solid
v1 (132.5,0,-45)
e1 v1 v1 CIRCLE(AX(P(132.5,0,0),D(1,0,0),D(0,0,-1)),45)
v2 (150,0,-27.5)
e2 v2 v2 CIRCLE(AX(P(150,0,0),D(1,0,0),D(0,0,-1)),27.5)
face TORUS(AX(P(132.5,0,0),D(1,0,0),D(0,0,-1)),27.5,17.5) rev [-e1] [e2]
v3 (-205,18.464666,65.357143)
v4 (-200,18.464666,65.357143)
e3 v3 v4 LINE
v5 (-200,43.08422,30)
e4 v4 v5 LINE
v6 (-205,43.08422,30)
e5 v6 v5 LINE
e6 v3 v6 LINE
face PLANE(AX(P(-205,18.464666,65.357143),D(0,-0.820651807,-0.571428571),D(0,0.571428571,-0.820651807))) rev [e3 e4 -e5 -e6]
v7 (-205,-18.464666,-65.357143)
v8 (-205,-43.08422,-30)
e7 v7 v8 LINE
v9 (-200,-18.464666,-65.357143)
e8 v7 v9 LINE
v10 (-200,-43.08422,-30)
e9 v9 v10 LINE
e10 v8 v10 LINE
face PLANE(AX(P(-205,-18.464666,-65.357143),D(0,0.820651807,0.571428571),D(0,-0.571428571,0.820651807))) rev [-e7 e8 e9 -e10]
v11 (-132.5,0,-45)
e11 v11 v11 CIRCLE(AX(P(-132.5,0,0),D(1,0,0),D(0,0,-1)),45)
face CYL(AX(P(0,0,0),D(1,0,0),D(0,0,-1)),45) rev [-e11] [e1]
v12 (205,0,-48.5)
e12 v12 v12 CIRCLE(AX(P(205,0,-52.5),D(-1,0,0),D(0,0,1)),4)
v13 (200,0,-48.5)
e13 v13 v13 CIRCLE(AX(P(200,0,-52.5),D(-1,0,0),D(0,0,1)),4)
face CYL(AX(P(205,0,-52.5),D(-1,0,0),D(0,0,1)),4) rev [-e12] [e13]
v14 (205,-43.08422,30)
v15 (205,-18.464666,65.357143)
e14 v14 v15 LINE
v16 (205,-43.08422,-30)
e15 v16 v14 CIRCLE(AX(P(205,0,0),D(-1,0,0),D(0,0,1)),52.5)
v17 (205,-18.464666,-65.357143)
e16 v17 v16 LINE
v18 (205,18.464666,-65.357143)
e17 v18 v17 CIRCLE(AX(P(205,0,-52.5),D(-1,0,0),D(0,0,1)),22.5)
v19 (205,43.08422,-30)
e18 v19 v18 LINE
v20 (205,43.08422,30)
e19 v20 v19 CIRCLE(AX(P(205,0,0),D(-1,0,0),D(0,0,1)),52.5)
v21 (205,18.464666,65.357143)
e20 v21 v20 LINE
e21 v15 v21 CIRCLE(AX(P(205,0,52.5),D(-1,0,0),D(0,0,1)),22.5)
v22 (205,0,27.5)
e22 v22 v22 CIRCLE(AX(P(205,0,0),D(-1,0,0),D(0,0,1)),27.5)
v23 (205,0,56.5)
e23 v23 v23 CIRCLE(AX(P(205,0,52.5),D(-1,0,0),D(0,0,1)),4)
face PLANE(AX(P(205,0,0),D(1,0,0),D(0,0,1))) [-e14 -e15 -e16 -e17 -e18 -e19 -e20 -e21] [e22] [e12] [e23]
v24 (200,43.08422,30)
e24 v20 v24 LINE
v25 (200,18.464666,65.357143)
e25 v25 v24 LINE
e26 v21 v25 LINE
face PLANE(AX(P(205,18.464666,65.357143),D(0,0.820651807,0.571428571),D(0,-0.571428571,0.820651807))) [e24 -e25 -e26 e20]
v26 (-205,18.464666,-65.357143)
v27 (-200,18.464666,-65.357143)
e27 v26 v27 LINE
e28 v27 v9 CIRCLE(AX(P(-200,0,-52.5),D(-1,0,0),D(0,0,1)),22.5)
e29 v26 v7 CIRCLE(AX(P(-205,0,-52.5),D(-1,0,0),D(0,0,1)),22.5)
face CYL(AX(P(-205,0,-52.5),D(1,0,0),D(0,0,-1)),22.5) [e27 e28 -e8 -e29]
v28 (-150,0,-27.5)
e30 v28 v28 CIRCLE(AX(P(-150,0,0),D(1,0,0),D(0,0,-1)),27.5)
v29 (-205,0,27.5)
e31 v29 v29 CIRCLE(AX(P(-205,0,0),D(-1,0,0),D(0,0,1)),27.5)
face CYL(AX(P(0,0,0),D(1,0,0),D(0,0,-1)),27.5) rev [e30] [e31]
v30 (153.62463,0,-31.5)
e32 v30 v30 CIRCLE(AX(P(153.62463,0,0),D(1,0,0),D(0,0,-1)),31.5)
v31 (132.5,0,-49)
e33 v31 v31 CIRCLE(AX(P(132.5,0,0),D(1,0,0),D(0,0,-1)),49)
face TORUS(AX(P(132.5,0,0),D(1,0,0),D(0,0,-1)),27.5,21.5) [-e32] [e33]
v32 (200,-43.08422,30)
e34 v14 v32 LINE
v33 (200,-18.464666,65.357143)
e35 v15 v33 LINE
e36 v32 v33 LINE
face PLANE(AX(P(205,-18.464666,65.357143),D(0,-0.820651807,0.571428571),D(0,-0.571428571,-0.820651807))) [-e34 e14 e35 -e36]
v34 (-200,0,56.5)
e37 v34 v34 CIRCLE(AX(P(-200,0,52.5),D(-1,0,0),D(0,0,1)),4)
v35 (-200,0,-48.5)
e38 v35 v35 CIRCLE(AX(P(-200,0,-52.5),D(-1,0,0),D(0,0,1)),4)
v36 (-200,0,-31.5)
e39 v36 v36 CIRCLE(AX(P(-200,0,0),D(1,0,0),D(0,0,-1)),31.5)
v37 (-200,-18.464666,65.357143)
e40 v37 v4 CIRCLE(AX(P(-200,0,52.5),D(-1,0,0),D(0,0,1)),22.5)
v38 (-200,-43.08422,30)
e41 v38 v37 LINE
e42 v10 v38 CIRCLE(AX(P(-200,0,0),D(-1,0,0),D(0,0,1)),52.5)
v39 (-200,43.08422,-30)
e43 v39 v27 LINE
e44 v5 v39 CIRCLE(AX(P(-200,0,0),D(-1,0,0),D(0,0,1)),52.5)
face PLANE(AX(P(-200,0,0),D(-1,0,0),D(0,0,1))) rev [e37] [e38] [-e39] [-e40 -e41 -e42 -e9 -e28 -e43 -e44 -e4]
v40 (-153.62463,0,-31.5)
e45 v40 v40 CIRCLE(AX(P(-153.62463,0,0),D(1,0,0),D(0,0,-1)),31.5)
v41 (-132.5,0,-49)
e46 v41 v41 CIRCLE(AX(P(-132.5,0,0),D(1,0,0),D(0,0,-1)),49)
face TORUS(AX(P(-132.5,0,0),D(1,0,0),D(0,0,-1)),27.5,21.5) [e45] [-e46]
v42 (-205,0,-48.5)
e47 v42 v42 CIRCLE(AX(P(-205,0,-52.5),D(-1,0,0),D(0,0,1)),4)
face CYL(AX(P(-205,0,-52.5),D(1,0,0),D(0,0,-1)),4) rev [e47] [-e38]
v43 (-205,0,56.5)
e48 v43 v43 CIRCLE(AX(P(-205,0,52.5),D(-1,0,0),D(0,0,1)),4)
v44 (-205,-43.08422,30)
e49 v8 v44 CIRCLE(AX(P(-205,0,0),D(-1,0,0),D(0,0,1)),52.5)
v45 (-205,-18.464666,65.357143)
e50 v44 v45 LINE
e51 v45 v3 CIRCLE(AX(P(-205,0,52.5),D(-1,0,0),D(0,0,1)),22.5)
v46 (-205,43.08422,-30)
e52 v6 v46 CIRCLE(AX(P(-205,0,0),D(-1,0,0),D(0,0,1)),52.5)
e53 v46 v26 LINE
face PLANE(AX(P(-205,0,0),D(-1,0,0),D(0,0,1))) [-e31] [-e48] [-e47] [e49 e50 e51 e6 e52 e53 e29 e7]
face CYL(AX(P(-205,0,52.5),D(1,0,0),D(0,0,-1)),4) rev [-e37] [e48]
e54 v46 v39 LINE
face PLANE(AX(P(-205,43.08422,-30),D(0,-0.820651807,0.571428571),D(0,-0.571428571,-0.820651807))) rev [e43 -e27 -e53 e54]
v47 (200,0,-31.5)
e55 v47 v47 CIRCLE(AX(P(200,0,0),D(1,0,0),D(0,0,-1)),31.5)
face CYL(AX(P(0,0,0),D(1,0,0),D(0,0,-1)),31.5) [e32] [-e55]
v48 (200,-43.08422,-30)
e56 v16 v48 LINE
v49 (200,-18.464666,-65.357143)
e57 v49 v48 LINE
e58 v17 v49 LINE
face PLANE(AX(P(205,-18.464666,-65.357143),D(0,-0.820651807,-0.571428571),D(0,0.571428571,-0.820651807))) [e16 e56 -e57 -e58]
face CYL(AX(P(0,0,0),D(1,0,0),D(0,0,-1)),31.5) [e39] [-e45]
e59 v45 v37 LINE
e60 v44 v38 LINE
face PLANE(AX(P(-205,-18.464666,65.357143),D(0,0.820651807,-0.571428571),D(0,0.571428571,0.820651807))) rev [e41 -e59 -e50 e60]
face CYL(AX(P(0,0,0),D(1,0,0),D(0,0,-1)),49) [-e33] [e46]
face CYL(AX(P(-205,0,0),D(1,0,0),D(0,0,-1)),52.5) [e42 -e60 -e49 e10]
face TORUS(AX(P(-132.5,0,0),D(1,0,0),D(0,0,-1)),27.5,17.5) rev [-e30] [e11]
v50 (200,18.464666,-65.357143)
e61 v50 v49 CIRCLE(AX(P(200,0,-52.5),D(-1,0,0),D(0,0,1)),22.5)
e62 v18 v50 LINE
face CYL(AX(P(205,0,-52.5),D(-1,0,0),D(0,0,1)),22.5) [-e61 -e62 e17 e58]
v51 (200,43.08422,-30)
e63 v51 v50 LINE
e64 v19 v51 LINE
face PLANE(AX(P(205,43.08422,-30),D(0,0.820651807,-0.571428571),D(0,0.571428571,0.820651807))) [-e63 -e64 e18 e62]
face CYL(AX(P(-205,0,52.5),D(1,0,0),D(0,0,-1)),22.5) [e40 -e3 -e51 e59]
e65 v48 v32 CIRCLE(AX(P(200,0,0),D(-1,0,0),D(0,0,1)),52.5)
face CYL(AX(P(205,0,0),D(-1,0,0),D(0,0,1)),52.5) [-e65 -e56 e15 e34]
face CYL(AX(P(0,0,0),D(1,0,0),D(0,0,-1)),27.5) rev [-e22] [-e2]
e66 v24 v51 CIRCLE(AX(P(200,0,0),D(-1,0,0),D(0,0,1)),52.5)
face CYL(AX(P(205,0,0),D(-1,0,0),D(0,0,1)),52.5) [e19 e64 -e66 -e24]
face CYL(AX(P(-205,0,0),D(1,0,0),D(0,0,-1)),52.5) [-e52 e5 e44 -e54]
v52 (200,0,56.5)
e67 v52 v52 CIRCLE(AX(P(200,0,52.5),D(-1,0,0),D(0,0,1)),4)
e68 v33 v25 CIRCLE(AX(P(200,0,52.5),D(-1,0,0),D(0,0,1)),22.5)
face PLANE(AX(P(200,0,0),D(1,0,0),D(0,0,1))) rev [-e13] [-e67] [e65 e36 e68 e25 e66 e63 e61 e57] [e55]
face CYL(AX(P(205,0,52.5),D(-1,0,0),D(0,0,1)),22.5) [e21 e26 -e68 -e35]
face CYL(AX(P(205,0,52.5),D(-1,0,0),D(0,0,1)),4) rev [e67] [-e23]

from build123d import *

# Parameters (mm, degrees)
SKETCH2_R           = 27.5
SKETCH2_R_2         = 4
BOSS_EXTRUDE1_DEPTH = 5


with BuildPart() as part:
    # Sketch1 → Revolve1 (revolve)
    with BuildSketch(Plane(origin=(0, 0, 0), x_dir=(1, 0, 0), z_dir=(0, 1, 0))):
        with BuildLine():
            Line((-200, 27.5), (-150, 27.5))
            ThreePointArc((-150, 27.5), (-144.874368671, 39.874368671), (-132.5, 45))
            Line((-132.5, 45), (132.5, 45))
            ThreePointArc((132.5, 45), (144.874368671, 39.874368671), (150, 27.5))
            Line((150, 27.5), (200, 27.5))
            Line((200, 27.5), (200, 31.5))
            Line((200, 31.5), (153.624630174, 31.5))
            ThreePointArc((153.624630174, 31.5), (146.215866724, 44.05672069), (132.5, 49))
            Line((132.5, 49), (-132.5, 49))
            ThreePointArc((-132.5, 49), (-146.215866724, 44.05672069), (-153.624630174, 31.5))
            Line((-153.624630174, 31.5), (-200, 31.5))
            Line((-200, 31.5), (-200, 27.5))
        make_face()
    revolve(axis=Axis((0, 0, 0), (-1, 0, 0)))

    # Sketch2 → Boss-Extrude1 (add)
    with BuildSketch(Plane.ZY.offset(200)):
        with BuildLine():
            Line((-30, 43.084219849), (-65.357142857, 18.46466565))
            ThreePointArc((-65.357142857, 18.46466565), (-75, 0), (-65.357142857, -18.46466565))
            Line((-65.357142857, -18.46466565), (-30, -43.084219849))
            ThreePointArc((-30, -43.084219849), (0, -52.5), (30, -43.084219849))
            Line((30, -43.084219849), (65.357142857, -18.46466565))
            ThreePointArc((65.357142857, -18.46466565), (75, 0), (65.357142857, 18.46466565))
            Line((65.357142857, 18.46466565), (30, 43.084219849))
            ThreePointArc((30, 43.084219849), (0, 52.5), (-30, 43.084219849))
        make_face()
        Circle(SKETCH2_R, mode=Mode.SUBTRACT)
        with Locations((-52.5, 0)):
            Circle(SKETCH2_R_2, mode=Mode.SUBTRACT)
        with Locations((52.5, 0)):
            Circle(SKETCH2_R_2, mode=Mode.SUBTRACT)
    boss_extrude1 = extrude(amount=BOSS_EXTRUDE1_DEPTH)

    # Mirror1: Boss-Extrude1 across plane
    add(boss_extrude1.mirror(Plane(origin=(0, 0, 0), x_dir=(0, 0, 1), z_dir=(1, 0, 0))))


solid = part.part
